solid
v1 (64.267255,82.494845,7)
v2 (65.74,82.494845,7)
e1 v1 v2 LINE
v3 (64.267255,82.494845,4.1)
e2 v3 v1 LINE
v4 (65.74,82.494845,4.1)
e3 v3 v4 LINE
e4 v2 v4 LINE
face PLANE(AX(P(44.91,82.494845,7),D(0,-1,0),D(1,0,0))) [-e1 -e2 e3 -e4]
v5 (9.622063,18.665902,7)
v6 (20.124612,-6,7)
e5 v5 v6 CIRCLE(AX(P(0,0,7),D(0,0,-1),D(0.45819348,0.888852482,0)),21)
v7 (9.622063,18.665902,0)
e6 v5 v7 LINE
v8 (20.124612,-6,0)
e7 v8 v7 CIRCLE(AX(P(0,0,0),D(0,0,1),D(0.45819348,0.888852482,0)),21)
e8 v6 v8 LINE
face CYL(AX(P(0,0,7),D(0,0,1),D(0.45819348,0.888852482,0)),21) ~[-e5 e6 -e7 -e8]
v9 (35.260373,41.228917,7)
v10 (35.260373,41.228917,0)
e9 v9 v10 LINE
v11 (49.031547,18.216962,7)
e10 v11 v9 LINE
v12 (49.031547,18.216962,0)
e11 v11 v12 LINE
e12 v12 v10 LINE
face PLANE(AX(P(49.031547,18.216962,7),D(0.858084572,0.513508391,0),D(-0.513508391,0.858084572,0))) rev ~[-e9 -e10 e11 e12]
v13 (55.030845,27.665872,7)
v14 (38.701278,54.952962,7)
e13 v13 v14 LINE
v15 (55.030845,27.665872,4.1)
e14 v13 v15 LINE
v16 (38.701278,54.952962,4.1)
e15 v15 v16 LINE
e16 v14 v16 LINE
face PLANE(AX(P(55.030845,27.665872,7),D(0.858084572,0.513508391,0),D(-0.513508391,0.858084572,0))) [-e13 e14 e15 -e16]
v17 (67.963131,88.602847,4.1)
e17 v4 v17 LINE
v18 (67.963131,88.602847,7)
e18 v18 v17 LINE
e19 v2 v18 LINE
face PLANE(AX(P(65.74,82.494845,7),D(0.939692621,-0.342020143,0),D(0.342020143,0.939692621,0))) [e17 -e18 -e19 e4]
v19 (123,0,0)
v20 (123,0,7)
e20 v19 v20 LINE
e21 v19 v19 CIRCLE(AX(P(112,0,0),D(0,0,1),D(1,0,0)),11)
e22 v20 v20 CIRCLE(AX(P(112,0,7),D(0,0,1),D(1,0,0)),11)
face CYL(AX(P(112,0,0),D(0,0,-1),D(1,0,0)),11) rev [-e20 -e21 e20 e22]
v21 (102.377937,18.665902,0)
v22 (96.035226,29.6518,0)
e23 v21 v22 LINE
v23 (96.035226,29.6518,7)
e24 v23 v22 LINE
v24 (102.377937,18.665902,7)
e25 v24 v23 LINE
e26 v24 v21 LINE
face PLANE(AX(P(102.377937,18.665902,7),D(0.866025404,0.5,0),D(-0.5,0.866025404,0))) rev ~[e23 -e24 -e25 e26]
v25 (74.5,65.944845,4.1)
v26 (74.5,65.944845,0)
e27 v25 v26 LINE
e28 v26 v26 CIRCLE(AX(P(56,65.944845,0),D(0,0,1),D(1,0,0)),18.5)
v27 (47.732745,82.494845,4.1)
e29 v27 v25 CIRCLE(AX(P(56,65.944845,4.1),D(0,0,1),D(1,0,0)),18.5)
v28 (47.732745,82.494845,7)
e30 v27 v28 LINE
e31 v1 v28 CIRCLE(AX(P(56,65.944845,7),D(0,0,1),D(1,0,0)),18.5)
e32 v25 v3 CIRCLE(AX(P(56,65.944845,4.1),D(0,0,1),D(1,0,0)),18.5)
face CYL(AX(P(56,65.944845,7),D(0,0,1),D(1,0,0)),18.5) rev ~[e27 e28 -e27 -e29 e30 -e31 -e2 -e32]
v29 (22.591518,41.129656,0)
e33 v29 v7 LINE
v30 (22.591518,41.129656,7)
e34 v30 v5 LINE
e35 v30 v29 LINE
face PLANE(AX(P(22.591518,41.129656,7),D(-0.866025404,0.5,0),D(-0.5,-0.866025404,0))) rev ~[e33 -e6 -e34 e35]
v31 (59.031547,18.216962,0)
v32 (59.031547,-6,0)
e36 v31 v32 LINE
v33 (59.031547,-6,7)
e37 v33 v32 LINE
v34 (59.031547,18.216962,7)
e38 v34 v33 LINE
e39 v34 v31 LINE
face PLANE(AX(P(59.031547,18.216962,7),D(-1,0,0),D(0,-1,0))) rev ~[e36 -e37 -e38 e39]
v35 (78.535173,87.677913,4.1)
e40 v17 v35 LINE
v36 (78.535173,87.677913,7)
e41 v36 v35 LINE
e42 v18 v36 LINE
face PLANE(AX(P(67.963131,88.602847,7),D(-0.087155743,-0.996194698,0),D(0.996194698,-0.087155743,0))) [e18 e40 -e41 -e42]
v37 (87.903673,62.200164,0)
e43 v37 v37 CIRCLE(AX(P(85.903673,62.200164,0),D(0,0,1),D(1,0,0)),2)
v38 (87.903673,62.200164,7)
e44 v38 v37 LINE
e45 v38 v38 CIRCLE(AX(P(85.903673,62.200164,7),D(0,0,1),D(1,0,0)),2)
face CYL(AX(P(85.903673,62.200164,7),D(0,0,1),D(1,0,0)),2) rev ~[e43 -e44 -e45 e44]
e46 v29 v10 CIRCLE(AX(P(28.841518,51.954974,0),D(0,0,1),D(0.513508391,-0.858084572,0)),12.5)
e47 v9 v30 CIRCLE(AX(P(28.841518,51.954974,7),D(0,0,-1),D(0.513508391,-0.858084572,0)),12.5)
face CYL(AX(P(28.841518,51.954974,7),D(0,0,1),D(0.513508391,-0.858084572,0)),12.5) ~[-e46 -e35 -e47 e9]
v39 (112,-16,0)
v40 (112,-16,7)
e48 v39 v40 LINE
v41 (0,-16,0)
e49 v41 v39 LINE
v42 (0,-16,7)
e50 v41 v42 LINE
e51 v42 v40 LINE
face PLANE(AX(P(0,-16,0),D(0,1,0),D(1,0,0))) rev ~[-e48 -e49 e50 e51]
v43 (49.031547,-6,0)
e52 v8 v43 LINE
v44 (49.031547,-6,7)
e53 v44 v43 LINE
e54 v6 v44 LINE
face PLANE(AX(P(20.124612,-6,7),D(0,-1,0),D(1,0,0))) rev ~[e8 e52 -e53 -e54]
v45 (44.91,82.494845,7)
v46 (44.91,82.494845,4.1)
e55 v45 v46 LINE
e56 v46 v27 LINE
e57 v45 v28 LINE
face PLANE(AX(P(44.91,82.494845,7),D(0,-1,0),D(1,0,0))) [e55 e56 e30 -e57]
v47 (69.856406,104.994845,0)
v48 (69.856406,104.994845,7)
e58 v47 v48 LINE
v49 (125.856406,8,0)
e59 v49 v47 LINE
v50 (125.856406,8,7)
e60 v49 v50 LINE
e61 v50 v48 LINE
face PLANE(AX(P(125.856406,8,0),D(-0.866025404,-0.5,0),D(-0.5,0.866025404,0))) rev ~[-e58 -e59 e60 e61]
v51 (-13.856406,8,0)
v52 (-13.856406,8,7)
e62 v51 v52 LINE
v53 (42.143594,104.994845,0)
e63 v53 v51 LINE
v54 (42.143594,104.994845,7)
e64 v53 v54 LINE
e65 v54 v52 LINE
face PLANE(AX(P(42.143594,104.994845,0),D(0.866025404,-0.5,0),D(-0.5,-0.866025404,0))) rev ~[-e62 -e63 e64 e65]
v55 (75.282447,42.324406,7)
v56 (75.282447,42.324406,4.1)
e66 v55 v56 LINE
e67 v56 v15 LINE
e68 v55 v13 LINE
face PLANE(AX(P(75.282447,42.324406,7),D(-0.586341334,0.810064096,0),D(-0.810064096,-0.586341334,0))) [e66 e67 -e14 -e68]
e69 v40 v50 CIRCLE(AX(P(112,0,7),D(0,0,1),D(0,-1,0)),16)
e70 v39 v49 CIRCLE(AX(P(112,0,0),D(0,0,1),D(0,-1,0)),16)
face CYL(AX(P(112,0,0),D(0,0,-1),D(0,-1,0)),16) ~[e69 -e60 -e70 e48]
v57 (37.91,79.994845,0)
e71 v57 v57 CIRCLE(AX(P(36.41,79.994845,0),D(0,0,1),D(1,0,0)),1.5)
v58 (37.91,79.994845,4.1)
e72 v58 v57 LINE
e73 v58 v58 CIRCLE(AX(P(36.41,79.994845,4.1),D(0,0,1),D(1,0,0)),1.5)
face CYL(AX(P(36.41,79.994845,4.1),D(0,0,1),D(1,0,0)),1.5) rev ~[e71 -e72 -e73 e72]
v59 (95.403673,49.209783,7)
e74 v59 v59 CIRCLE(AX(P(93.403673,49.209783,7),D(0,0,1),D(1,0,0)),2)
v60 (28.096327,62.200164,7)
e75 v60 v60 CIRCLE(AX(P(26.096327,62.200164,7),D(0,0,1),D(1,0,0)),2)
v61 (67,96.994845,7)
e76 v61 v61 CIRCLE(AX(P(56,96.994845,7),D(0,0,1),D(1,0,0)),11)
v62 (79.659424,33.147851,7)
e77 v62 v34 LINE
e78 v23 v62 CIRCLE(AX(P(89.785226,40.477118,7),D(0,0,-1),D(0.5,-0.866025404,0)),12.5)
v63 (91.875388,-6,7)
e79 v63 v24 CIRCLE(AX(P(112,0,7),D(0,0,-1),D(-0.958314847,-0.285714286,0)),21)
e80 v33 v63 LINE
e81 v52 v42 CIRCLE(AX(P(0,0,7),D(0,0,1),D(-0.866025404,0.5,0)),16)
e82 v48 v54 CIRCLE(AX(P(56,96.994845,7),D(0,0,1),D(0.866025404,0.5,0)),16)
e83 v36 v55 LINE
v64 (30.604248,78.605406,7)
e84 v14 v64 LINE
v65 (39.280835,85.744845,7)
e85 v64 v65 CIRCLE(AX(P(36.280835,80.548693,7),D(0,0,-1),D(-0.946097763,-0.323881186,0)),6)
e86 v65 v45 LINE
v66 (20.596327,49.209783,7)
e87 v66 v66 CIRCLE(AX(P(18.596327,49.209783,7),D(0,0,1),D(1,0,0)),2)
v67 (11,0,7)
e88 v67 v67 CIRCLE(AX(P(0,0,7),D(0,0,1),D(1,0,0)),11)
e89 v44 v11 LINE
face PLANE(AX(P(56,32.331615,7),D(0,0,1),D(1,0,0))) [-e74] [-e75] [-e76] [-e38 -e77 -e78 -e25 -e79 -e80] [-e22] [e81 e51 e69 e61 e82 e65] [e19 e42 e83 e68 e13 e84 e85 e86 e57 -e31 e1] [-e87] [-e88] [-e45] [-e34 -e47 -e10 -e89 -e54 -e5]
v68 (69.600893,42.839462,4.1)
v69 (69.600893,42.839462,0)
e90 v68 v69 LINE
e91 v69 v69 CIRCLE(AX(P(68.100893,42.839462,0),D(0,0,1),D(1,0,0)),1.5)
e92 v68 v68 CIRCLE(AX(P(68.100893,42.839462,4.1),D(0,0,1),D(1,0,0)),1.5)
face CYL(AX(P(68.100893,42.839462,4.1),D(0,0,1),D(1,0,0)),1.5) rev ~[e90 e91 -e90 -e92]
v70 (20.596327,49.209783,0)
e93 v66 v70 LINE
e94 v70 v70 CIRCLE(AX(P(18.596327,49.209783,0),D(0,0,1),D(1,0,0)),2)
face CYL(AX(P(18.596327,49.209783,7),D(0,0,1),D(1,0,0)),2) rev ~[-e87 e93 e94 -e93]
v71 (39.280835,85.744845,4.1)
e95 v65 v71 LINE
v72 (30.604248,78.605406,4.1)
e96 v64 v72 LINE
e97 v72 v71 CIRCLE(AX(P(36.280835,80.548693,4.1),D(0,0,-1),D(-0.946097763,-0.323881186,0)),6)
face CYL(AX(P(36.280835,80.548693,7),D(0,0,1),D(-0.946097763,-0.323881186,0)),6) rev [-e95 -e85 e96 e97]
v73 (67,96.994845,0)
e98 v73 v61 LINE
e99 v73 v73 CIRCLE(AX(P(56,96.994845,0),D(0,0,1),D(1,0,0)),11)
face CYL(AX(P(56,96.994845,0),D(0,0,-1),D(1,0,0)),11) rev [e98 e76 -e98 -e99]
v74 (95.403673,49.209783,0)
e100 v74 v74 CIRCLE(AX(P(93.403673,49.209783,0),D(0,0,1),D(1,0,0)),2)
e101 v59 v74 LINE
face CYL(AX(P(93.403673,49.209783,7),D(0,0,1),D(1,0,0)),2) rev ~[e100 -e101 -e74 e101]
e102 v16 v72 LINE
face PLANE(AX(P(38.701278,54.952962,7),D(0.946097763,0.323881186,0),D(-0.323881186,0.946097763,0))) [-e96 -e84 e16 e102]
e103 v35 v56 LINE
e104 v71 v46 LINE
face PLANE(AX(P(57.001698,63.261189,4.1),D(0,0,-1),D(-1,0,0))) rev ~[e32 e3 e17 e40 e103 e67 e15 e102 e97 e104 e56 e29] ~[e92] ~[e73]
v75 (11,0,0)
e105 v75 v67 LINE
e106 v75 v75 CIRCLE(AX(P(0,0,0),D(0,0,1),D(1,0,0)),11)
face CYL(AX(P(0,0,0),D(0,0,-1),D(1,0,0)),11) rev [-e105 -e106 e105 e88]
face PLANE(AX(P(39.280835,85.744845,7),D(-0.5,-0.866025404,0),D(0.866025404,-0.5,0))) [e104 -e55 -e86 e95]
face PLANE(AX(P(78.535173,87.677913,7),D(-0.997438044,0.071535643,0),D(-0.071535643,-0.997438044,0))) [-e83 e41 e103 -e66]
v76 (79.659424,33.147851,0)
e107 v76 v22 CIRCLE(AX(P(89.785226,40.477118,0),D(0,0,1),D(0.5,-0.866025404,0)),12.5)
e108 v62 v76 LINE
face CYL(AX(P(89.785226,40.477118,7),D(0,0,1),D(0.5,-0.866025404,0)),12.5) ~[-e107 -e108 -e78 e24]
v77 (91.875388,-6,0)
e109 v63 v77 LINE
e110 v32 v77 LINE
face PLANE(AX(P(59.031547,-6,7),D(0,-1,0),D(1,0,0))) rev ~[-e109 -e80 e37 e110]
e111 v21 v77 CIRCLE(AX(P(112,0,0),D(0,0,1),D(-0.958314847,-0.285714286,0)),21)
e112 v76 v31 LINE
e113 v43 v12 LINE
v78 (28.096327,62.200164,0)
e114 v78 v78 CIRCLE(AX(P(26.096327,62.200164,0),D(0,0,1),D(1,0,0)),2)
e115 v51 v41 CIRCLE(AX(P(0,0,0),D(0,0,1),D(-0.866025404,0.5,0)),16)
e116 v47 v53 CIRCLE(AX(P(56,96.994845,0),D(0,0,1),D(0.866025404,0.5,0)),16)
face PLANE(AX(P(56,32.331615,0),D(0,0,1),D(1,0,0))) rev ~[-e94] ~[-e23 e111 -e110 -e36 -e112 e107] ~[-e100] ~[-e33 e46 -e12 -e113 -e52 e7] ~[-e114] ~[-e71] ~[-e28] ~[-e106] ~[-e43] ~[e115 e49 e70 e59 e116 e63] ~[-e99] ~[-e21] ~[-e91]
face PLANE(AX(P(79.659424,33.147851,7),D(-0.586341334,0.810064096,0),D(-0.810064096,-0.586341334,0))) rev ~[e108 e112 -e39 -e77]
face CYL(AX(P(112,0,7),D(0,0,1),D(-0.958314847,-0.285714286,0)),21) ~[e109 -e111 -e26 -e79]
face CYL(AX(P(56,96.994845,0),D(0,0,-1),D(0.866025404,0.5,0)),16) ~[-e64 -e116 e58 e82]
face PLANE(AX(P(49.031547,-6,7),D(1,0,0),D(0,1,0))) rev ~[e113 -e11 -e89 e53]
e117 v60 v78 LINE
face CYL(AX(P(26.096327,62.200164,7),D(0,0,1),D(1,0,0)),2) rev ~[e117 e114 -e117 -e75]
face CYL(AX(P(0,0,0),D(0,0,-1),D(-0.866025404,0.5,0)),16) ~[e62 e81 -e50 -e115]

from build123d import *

# Parameters (mm, degrees)
SKETCH1_R           = 11
BOSS_EXTRUDE1_DEPTH = 7
SKETCH3_R           = 18.5
CUT_EXTRUDE1_DEPTH  = 8
CUT_EXTRUDE2_DEPTH  = 2.9
CUT_EXTRUDE3_DEPTH  = 8
SKETCH7_R           = 1.5
CUT_EXTRUDE4_DEPTH  = 5.1
SKETCH10_R          = 2
CUT_EXTRUDE5_DEPTH  = 8


with BuildPart() as part:
    # Sketch1 → Boss-Extrude1 (new body)
    with BuildSketch(Plane.XY):
        with BuildLine():
            Line((42.143593539, 104.994845224), (-13.856406461, 8))
            ThreePointArc((-13.856406461, 8), (-13.856406461, -8), (0, -16))
            Line((0, -16), (112, -16))
            ThreePointArc((112, -16), (125.856406461, -8), (125.856406461, 8))
            Line((125.856406461, 8), (69.856406461, 104.994845224))
            ThreePointArc((69.856406461, 104.994845224), (56, 112.994845224), (42.143593539, 104.994845224))
        make_face()
        Circle(SKETCH1_R, mode=Mode.SUBTRACT)
        with Locations((112, 0)):
            Circle(SKETCH1_R, mode=Mode.SUBTRACT)
        with Locations((56, 96.994845224)):
            Circle(SKETCH1_R, mode=Mode.SUBTRACT)
    extrude(amount=BOSS_EXTRUDE1_DEPTH)

    # Sketch3 → Cut-Extrude1 (cut, through all)
    with BuildSketch(Plane.XY.offset(7)):
        with Locations((56, 65.944845224)):
            Circle(SKETCH3_R)
    extrude(amount=-CUT_EXTRUDE1_DEPTH, mode=Mode.SUBTRACT)

    # Sketch4 → Cut-Extrude2 (cut)
    with BuildSketch(Plane.XY.offset(7)):
        with BuildLine():
            Line((44.91, 82.494845224), (65.74, 82.494845224))
            Line((65.74, 82.494845224), (67.963130932, 88.602847259))
            Line((67.963130932, 88.602847259), (78.535172855, 87.67791344))
            Line((78.535172855, 87.67791344), (75.282447168, 42.324405576))
            Line((75.282447168, 42.324405576), (55.030844768, 27.665872217))
            Line((55.030844768, 27.665872217), (38.701277947, 54.952961607))
            Line((38.701277947, 54.952961607), (30.604248297, 78.605405685))
            ThreePointArc((30.604248297, 78.605405685), (32.46849594, 85.181842037), (39.280834875, 85.744845224))
            Line((39.280834875, 85.744845224), (44.91, 82.494845224))
        make_face()
    extrude(amount=-CUT_EXTRUDE2_DEPTH, mode=Mode.SUBTRACT)

    # Sketch5 → Cut-Extrude3 (cut, through all)
    with BuildSketch(Plane.XY.offset(7)):
        with BuildLine():
            Line((22.59151766, 41.129656408), (9.622063078, 18.665902125))
            ThreePointArc((9.622063078, 18.665902125), (19.321434948, 8.226916285), (20.124611797, -6))
            Line((20.124611797, -6), (49.031546624, -6))
            Line((49.031546624, -6), (49.031546624, 18.216961725))
            Line((49.031546624, 18.216961725), (35.260372543, 41.228916805))
            ThreePointArc((35.260372543, 41.228916805), (28.939452074, 39.455357607), (22.59151766, 41.129656408))
        make_face()
        with BuildLine():
            Line((59.031546624, 18.216961725), (59.031546624, -6))
            Line((59.031546624, -6), (91.875388203, -6))
            ThreePointArc((91.875388203, -6), (92.678565052, 8.226916285), (102.377936922, 18.665902125))
            Line((102.377936922, 18.665902125), (96.035225677, 29.651800259))
            ThreePointArc((96.035225677, 29.651800259), (87.175426517, 28.252595389), (79.659424477, 33.147851127))
            Line((79.659424477, 33.147851127), (59.031546624, 18.216961725))
        make_face()
    extrude(amount=-CUT_EXTRUDE3_DEPTH, mode=Mode.SUBTRACT)

    # Sketch7 → Cut-Extrude4 (cut, through all)
    with BuildSketch(Plane.XY.offset(4.1)):
        with Locations((68.100893251, 42.839462205)):
            Circle(SKETCH7_R)
        with Locations((36.41, 79.994845224)):
            Circle(SKETCH7_R)
    extrude(amount=-CUT_EXTRUDE4_DEPTH, mode=Mode.SUBTRACT)

    # Sketch10 → Cut-Extrude5 (cut, through all)
    with BuildSketch(Plane.XY.offset(7)):
        with Locations((26.096327132, 62.200164484)):
            Circle(SKETCH10_R)
        with Locations((18.596327132, 49.209783427)):
            Circle(SKETCH10_R)
        with Locations((85.903672868, 62.200164484)):
            Circle(SKETCH10_R)
        with Locations((93.403672868, 49.209783427)):
            Circle(SKETCH10_R)
    extrude(amount=-CUT_EXTRUDE5_DEPTH, mode=Mode.SUBTRACT)


solid = part.part
